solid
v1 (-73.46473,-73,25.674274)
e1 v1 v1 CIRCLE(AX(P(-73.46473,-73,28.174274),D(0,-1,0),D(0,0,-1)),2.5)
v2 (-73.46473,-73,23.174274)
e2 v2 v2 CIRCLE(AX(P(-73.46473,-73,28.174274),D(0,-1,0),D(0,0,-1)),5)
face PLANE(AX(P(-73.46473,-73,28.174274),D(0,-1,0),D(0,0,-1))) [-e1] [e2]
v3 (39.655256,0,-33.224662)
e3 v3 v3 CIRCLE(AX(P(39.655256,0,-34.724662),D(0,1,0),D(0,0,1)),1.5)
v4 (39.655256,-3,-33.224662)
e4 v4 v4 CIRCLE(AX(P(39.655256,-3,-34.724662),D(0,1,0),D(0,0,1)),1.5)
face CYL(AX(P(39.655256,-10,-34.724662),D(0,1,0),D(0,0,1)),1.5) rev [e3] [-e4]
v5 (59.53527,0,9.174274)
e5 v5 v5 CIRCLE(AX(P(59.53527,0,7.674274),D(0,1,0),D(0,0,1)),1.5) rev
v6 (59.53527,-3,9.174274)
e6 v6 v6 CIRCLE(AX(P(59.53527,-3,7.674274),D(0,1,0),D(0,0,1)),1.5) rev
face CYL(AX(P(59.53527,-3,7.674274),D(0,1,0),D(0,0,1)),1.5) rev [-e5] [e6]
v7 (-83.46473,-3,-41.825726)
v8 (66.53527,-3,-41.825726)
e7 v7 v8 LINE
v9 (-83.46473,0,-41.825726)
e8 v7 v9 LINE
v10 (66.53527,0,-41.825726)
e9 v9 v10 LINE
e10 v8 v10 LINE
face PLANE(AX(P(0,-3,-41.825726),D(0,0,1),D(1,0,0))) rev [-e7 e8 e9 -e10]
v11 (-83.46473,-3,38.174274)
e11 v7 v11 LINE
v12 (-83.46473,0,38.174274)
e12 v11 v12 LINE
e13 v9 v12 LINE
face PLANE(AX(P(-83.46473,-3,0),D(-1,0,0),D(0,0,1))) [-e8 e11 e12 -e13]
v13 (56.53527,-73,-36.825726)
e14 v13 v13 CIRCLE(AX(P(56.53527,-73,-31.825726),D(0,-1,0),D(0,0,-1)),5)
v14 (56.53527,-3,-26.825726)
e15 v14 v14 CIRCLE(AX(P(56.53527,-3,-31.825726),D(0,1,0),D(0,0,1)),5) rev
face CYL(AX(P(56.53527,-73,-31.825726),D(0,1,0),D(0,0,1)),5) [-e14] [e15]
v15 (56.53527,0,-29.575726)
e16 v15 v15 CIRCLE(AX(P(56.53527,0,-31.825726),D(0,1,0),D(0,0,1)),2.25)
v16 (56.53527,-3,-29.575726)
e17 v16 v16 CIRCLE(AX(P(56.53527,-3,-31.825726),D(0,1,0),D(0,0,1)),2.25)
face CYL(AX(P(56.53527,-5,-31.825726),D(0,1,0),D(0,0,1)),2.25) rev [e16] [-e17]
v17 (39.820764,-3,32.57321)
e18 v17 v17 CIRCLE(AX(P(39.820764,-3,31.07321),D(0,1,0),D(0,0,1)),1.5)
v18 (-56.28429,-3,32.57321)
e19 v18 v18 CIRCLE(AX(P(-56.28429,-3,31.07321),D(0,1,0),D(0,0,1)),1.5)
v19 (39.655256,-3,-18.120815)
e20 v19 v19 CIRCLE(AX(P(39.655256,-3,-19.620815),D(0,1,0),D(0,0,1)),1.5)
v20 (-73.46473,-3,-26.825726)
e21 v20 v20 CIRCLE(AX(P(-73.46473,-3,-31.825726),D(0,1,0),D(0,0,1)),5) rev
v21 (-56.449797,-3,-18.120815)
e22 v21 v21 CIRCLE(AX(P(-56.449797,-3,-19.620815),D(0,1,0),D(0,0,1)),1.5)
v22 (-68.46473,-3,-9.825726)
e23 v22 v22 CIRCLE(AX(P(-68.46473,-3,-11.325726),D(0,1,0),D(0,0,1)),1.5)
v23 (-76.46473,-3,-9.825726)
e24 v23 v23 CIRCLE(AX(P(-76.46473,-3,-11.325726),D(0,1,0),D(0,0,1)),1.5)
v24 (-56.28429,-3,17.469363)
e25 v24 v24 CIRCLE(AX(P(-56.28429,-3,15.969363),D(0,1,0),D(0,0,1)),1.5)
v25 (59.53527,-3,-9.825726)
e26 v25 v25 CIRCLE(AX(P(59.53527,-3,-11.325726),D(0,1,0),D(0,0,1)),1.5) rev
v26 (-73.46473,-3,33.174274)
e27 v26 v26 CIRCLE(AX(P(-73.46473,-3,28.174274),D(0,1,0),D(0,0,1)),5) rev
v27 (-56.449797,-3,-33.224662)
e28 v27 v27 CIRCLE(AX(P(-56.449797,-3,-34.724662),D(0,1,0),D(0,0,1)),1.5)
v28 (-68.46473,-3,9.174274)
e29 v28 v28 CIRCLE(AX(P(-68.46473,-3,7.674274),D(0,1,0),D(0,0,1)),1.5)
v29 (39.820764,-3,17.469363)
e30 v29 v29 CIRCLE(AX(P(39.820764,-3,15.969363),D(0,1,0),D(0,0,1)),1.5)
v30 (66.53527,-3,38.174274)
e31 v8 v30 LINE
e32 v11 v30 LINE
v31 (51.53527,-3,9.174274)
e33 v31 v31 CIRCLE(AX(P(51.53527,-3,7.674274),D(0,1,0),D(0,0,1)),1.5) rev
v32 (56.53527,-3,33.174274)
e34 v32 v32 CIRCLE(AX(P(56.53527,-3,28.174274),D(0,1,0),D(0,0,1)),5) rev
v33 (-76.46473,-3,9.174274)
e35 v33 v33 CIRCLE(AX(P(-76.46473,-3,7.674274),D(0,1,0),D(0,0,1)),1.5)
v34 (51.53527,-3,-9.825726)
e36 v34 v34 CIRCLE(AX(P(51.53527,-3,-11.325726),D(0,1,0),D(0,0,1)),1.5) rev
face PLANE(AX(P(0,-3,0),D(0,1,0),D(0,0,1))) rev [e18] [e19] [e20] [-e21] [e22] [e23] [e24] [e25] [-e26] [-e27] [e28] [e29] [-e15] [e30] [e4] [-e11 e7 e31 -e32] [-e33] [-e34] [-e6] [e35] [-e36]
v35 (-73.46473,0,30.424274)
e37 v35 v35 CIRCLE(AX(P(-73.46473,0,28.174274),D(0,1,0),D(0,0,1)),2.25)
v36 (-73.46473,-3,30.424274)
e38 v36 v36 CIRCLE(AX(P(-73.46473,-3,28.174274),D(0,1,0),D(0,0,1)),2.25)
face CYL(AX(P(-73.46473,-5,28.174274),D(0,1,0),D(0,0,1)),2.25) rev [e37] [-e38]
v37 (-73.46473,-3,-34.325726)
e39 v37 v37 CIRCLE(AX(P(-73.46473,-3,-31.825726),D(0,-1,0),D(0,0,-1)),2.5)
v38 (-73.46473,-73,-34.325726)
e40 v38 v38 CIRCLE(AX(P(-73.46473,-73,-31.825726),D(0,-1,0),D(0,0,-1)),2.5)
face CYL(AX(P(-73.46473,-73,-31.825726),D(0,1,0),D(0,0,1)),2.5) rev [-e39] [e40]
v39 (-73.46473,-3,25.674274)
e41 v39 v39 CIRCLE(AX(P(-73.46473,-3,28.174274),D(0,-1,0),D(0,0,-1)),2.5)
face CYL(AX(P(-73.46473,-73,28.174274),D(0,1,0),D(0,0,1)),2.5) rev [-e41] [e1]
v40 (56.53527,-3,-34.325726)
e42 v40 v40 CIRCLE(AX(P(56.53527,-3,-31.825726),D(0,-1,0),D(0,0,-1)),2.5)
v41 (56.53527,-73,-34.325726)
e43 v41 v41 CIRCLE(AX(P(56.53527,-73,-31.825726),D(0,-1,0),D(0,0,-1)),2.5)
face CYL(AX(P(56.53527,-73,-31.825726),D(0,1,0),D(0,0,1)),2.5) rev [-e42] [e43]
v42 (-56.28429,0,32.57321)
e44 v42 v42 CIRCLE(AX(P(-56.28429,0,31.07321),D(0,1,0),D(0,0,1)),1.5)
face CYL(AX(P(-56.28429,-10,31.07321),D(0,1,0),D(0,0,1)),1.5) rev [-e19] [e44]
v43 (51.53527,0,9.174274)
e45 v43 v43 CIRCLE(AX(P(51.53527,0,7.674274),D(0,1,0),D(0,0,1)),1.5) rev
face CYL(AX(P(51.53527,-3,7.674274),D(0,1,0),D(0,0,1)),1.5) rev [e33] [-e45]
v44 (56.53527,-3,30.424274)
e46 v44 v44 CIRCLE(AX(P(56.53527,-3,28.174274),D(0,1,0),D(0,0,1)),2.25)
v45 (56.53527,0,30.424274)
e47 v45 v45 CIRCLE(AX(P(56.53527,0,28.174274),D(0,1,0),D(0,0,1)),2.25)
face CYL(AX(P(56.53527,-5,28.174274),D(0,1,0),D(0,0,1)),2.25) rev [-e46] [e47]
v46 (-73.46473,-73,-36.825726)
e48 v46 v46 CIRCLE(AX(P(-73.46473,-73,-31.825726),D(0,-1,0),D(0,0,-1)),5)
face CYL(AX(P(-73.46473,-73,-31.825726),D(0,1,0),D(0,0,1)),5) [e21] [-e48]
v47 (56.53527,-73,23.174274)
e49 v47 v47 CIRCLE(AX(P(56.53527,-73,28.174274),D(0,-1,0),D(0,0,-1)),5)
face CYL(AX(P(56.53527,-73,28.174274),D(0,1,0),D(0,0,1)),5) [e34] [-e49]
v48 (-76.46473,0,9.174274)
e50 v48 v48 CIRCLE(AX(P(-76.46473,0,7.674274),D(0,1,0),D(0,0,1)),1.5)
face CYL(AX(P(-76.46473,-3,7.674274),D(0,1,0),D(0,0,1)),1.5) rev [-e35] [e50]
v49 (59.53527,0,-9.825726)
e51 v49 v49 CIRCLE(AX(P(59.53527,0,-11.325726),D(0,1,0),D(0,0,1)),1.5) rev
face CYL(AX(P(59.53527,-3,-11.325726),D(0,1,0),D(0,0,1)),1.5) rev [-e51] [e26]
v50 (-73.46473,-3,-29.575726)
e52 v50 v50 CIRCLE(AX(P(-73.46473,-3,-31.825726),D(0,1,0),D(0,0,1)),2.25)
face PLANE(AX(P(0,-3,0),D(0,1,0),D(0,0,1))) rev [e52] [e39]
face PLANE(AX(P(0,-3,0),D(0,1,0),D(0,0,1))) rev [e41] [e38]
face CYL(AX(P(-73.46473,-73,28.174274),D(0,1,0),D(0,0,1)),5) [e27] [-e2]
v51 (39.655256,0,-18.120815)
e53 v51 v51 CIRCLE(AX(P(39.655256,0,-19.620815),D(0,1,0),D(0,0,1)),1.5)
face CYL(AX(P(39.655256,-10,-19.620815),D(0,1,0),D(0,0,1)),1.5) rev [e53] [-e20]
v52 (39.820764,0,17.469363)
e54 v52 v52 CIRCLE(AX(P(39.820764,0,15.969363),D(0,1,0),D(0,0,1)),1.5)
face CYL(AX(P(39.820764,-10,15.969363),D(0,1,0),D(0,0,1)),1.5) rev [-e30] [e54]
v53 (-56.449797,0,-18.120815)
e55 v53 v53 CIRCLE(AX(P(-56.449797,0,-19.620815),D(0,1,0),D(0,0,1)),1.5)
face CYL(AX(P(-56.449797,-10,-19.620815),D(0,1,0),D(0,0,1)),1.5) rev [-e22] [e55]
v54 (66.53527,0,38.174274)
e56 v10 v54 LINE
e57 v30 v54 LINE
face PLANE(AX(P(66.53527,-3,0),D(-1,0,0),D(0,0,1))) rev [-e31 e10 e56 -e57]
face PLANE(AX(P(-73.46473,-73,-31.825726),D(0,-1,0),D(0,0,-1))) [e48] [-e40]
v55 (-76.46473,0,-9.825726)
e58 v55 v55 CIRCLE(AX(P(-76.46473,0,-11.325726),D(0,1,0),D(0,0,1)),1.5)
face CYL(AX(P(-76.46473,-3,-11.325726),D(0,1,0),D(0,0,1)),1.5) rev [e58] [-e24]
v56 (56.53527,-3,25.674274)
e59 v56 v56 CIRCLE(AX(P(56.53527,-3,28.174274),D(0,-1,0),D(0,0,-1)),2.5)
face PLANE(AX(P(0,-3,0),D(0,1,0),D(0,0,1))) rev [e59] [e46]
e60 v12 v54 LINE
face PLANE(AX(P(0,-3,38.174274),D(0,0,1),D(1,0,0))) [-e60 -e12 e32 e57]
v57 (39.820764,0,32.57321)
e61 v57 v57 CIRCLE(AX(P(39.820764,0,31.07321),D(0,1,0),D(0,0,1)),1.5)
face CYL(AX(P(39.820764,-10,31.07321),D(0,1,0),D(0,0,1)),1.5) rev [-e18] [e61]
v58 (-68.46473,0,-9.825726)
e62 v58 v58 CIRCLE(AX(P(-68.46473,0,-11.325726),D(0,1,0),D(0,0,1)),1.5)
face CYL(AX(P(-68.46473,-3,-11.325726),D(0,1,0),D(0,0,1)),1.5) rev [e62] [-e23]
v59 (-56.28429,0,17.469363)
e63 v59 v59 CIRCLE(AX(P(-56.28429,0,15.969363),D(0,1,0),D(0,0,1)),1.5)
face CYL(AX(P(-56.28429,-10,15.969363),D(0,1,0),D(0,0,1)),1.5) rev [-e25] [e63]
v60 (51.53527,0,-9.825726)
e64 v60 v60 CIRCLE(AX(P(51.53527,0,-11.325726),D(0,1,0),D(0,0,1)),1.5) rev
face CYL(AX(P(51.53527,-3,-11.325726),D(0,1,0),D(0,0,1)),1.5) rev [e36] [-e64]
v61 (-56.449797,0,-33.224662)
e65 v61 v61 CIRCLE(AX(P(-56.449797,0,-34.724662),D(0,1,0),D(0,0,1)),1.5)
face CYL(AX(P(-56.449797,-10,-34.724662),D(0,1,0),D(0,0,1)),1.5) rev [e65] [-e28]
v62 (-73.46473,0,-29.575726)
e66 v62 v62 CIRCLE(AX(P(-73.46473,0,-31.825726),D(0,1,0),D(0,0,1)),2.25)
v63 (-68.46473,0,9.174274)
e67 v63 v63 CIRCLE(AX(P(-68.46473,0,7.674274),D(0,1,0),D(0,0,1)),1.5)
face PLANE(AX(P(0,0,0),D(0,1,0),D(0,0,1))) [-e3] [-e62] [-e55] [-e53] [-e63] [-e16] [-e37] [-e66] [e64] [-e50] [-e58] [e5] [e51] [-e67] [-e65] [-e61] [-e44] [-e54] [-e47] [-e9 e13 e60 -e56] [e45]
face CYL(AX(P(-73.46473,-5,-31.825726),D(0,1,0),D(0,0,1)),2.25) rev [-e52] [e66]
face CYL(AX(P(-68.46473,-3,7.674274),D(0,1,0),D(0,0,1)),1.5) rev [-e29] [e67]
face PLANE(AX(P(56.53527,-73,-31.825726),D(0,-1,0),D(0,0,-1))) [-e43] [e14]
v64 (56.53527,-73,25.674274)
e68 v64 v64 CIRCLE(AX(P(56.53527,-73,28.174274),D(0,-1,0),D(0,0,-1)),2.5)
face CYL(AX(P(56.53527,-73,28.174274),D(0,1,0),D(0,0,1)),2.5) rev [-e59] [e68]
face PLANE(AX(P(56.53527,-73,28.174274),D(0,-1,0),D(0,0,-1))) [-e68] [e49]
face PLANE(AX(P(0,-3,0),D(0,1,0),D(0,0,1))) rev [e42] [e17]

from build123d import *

# Parameters (mm, degrees)
SKETCH2_W           = 150
SKETCH2_H           = 80
SKETCH2_R           = 1.5
BOSS_EXTRUDE1_DEPTH = 3
SKETCH5_R           = 5
SKETCH5_R_2         = 2.5
BOSS_EXTRUDE3_DEPTH = 70
SKETCH7_R           = 1.5
CUT_EXTRUDE1_DEPTH  = 10
SKETCH3_R           = 2.25
CUT_EXTRUDE2_DEPTH  = 5


with BuildPart() as part:
    # Sketch2 → Boss-Extrude1 (new body)
    with BuildSketch(Plane(origin=(0, 0, 0), x_dir=(1, 0, 0), z_dir=(0, 1, 0))):
        with Locations((-8.46473029, 1.825726141)):
            Rectangle(SKETCH2_W, SKETCH2_H)
        with Locations((-68.46473029, 11.325726141)):
            Circle(SKETCH2_R, mode=Mode.SUBTRACT)
        with Locations((-68.46473029, -7.674273859)):
            Circle(SKETCH2_R, mode=Mode.SUBTRACT)
        with Locations((-76.46473029, 11.325726141)):
            Circle(SKETCH2_R, mode=Mode.SUBTRACT)
        with Locations((-76.46473029, -7.674273859)):
            Circle(SKETCH2_R, mode=Mode.SUBTRACT)
        with Locations((51.53526971, -7.674273859)):
            Circle(SKETCH2_R, mode=Mode.SUBTRACT)
        with Locations((59.53526971, -7.674273859)):
            Circle(SKETCH2_R, mode=Mode.SUBTRACT)
        with Locations((59.53526971, 11.325726141)):
            Circle(SKETCH2_R, mode=Mode.SUBTRACT)
        with Locations((51.53526971, 11.325726141)):
            Circle(SKETCH2_R, mode=Mode.SUBTRACT)
    extrude(amount=-BOSS_EXTRUDE1_DEPTH)

    # Sketch5 → Boss-Extrude3 (add)
    with BuildSketch(Plane.XZ.offset(3)):
        with Locations((-73.46473029, 28.174273859)):
            Circle(SKETCH5_R)
        with Locations((-73.46473029, 28.174273859)):
            Circle(SKETCH5_R_2, mode=Mode.SUBTRACT)
        with Locations((56.53526971, 28.174273859)):
            Circle(SKETCH5_R)
        with Locations((56.53526971, 28.174273859)):
            Circle(SKETCH5_R_2, mode=Mode.SUBTRACT)
        with Locations((56.53526971, -31.825726141)):
            Circle(SKETCH5_R)
        with Locations((56.53526971, -31.825726141)):
            Circle(SKETCH5_R_2, mode=Mode.SUBTRACT)
        with Locations((-73.46473029, -31.825726141)):
            Circle(SKETCH5_R)
        with Locations((-73.46473029, -31.825726141)):
            Circle(SKETCH5_R_2, mode=Mode.SUBTRACT)
    extrude(amount=BOSS_EXTRUDE3_DEPTH)

    # Sketch7 → Cut-Extrude1 (cut)
    with BuildSketch(Plane(origin=(0, 0, 0), x_dir=(1, 0, 0), z_dir=(0, 1, 0))):
        with Locations((-56.449797454, 34.724662311)):
            Circle(SKETCH7_R)
        with Locations((-56.449797454, 19.620815473)):
            Circle(SKETCH7_R)
        with Locations((39.655256431, 34.724662311)):
            Circle(SKETCH7_R)
        with Locations((39.655256431, 19.620815473)):
            Circle(SKETCH7_R)
        with Locations((-56.284289699, -15.969363191)):
            Circle(SKETCH7_R)
        with Locations((-56.284289699, -31.073210029)):
            Circle(SKETCH7_R)
        with Locations((39.820764186, -15.969363191)):
            Circle(SKETCH7_R)
        with Locations((39.820764186, -31.073210029)):
            Circle(SKETCH7_R)
    extrude(amount=-CUT_EXTRUDE1_DEPTH, mode=Mode.SUBTRACT)

    # Sketch3 → Cut-Extrude2 (cut)
    with BuildSketch(Plane(origin=(0, 0, 0), x_dir=(1, 0, 0), z_dir=(0, 1, 0))):
        with Locations((56.53526971, 31.825726141)):
            Circle(SKETCH3_R)
        with Locations((56.53526971, -28.174273859)):
            Circle(SKETCH3_R)
        with Locations((-73.46473029, -28.174273859)):
            Circle(SKETCH3_R)
        with Locations((-73.46473029, 31.825726141)):
            Circle(SKETCH3_R)
    extrude(amount=-CUT_EXTRUDE2_DEPTH, mode=Mode.SUBTRACT)


solid = part.part
